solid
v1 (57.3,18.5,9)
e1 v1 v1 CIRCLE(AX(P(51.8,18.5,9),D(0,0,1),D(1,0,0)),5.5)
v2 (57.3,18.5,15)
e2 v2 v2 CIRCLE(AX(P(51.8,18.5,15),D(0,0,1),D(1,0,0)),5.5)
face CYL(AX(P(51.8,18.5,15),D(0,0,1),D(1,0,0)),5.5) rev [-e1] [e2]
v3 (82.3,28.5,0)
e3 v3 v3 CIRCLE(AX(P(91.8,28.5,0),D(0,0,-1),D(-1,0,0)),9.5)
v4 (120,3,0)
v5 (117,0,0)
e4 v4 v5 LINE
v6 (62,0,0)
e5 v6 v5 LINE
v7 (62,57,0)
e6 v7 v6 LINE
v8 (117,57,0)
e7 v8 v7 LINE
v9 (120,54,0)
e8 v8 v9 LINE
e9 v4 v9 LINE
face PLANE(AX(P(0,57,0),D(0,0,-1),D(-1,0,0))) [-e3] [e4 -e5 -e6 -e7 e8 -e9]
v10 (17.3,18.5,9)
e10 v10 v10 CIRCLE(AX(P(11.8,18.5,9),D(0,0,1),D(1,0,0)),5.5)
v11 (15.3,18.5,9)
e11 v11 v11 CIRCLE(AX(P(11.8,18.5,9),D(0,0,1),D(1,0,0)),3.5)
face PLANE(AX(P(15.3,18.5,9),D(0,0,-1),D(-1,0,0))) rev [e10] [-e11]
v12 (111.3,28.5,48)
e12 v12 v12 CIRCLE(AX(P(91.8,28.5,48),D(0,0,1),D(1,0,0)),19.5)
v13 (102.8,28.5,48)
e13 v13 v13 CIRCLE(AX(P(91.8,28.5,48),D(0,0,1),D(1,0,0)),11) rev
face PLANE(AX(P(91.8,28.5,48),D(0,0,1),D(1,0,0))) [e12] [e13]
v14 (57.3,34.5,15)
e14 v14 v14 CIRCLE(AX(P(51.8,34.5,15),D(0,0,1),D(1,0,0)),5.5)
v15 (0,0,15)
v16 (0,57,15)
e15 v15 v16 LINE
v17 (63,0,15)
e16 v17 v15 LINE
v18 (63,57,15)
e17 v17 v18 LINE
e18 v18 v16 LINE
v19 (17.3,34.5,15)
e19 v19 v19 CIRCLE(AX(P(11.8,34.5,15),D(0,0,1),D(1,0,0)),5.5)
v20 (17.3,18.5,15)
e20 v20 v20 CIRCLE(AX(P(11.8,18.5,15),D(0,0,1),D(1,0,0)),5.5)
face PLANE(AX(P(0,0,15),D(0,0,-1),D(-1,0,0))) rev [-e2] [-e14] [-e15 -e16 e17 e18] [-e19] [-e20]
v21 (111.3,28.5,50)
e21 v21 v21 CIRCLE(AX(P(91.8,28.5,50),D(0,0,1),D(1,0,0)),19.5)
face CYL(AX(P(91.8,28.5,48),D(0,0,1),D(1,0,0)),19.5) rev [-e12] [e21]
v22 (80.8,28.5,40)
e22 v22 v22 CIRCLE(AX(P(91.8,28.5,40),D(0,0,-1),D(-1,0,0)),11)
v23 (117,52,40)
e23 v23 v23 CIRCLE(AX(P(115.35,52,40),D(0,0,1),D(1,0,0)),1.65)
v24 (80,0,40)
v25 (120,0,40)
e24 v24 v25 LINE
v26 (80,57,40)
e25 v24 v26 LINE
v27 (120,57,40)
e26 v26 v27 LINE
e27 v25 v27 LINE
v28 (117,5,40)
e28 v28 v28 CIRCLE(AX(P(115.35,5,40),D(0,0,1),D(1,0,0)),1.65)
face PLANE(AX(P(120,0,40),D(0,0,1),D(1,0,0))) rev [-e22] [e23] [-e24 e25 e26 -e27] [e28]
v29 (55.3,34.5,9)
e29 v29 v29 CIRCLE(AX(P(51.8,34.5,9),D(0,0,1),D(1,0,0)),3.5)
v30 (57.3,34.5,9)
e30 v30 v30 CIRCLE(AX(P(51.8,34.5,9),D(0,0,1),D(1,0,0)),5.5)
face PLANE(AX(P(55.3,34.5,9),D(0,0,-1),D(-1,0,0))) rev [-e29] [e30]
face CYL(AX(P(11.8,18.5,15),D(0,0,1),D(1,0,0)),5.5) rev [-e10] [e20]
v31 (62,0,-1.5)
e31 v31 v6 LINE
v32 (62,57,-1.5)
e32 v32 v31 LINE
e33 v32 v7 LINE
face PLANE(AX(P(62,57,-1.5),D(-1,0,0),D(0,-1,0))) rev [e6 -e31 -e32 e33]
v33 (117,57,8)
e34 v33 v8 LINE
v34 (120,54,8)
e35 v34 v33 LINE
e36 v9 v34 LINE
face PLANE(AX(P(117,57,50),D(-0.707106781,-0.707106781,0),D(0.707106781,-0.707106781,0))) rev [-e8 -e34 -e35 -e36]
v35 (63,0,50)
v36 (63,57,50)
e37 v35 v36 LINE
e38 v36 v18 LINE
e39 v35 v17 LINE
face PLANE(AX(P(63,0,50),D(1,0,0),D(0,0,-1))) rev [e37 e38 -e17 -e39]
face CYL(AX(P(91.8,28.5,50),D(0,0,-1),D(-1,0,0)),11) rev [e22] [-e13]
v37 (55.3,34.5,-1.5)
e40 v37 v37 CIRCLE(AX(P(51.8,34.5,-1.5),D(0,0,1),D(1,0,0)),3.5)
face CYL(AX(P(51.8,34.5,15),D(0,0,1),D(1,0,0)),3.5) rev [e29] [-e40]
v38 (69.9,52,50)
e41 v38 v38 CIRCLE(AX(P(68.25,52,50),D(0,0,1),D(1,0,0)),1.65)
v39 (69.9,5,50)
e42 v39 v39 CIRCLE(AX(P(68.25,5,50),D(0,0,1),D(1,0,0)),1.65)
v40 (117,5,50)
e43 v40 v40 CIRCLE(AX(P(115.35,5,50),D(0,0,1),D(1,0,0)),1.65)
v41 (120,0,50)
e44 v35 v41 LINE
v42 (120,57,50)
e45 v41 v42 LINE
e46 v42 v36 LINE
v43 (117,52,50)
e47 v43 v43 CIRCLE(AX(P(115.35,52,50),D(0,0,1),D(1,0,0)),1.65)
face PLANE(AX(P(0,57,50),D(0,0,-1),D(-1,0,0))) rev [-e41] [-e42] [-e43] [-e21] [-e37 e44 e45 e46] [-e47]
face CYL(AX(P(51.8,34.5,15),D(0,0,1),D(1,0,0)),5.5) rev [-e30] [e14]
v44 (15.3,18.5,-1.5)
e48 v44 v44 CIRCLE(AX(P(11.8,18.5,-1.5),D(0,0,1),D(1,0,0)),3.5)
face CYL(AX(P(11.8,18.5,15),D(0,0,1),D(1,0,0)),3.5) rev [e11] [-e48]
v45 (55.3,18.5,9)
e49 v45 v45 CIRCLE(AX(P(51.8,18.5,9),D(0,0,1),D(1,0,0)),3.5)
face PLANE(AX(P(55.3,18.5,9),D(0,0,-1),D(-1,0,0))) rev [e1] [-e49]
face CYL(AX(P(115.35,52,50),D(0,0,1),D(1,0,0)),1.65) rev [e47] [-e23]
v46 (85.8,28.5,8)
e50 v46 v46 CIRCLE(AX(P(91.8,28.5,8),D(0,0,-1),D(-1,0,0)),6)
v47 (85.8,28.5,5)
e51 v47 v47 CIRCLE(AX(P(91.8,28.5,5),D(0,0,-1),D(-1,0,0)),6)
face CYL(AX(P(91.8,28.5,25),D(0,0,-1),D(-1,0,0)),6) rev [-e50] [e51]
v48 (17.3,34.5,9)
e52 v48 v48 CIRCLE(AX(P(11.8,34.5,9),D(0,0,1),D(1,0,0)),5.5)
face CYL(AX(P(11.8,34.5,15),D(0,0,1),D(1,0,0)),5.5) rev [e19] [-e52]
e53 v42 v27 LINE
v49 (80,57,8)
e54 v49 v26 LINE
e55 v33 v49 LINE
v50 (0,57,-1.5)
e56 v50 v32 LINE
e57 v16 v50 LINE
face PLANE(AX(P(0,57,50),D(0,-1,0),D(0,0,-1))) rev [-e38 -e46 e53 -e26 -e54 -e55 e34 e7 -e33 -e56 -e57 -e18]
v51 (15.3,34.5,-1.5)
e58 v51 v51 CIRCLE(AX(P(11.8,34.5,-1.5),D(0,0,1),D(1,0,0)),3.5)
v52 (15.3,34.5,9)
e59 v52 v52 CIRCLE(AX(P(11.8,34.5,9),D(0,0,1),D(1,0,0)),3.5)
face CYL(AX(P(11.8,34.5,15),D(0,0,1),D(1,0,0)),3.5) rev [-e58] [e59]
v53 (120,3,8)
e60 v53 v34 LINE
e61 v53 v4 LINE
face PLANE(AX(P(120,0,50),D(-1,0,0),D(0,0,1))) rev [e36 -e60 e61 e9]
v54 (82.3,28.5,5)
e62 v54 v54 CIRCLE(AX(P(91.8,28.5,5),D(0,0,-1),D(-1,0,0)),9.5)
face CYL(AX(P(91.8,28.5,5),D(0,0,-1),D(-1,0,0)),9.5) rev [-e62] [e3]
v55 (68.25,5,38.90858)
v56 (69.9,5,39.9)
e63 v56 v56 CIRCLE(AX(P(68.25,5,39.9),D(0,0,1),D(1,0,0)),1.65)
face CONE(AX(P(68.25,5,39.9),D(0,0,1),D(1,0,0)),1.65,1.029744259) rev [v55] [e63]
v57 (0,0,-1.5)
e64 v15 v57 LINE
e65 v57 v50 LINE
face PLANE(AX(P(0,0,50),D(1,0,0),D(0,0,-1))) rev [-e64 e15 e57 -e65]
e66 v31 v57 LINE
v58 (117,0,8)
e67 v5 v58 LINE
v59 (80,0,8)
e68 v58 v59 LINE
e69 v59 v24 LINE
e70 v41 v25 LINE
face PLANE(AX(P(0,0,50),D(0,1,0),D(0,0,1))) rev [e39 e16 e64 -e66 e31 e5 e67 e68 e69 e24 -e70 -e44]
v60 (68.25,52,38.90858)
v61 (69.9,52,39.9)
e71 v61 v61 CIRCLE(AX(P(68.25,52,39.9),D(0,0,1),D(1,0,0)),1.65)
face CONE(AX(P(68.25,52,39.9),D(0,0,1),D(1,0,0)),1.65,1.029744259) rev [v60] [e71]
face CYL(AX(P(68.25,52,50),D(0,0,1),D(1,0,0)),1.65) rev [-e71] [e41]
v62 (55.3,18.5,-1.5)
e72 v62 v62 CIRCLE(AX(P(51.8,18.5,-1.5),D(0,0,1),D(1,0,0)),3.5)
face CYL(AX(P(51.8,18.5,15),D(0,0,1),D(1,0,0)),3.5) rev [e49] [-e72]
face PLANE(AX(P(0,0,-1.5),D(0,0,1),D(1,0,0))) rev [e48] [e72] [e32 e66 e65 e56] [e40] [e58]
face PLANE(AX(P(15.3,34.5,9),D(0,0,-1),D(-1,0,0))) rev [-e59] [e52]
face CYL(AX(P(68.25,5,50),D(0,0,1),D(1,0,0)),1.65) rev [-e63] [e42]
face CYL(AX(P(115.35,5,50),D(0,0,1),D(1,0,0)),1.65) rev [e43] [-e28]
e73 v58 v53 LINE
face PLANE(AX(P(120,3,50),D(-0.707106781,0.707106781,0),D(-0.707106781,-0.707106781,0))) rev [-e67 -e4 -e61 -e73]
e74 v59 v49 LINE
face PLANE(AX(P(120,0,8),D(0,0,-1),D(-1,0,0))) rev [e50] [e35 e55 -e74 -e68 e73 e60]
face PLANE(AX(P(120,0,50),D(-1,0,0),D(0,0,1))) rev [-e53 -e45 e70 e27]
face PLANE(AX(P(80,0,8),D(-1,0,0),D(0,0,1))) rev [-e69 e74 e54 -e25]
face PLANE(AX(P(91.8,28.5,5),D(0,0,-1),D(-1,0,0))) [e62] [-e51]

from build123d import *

# Parameters (mm, degrees)
SKETCH_1_W                   = 120
SKETCH_1_H                   = 57
EXTRUDE_1_DEPTH              = 50
SKETCH_2_W                   = 40
SKETCH_2_H                   = 32
CUT_EXTRUDE_1_DEPTH          = 142.947173272
SKETCH_3_W                   = 63
SKETCH_3_H                   = 35
CUT_EXTRUDE_2_DEPTH          = 142.947173272
SKETCH_4_W                   = 62
SKETCH_4_H                   = 57
EXTRUDE_2_DEPTH              = 1.5
SKETCH_5_R                   = 9.5
CUT_EXTRUDE_3_DEPTH          = 5
SKETCH_6_R                   = 6
CUT_EXTRUDE_4_DEPTH          = 20
SKETCH_7_R                   = 11
CUT_EXTRUDE_5_DEPTH          = 140.180638021
CHAMFER_1_SIZE               = 3
SKETCH_8_R                   = 19.5
CUT_EXTRUDE_6_DEPTH          = 2
HOLE_WIZARD_M6_1_D           = 7
HOLE_WIZARD_M6_1_CBORE_D     = 11
HOLE_WIZARD_M6_1_CBORE_DEPTH = 6
HOLE_WIZARD_M4_1_D           = 3.3
HOLE_WIZARD_M4_1_DEPTH       = 10.1
HOLE_WIZARD_M4_1_TIP         = 0.991420021


with BuildPart() as part:
    # 草图1 → 凸台-拉伸1 (new body)
    with BuildSketch(Plane.XY):
        with Locations((60, 28.5)):
            Rectangle(SKETCH_1_W, SKETCH_1_H)
    extrude(amount=EXTRUDE_1_DEPTH)

    # 草图2 → 切除-拉伸1 (cut, through all)
    with BuildSketch(Plane(origin=(0, 57, 0), x_dir=(1, 0, 0), z_dir=(0, 1, 0))):
        with Locations((100, -24)):
            Rectangle(SKETCH_2_W, SKETCH_2_H)
    extrude(amount=-CUT_EXTRUDE_1_DEPTH, mode=Mode.SUBTRACT)

    # 草图3 → 切除-拉伸2 (cut, through all)
    with BuildSketch(Plane(origin=(0, 57, 0), x_dir=(-1, 0, 0), z_dir=(0, 1, 0))):
        with Locations((-31.5, 32.5)):
            Rectangle(SKETCH_3_W, SKETCH_3_H)
    extrude(amount=-CUT_EXTRUDE_2_DEPTH, mode=Mode.SUBTRACT)

    # 草图4 → 凸台-拉伸2 (add)
    with BuildSketch(Plane(origin=(0, 0, 0), x_dir=(-1, 0, 0), z_dir=(0, 0, -1))):
        with Locations((-31, 28.5)):
            Rectangle(SKETCH_4_W, SKETCH_4_H)
    extrude(amount=EXTRUDE_2_DEPTH)

    # 草图5 → 切除-拉伸3 (cut)
    with BuildSketch(Plane(origin=(0, 0, 0), x_dir=(-1, 0, 0), z_dir=(0, 0, -1))):
        with Locations((-91.8, 28.5)):
            Circle(SKETCH_5_R)
    extrude(amount=-CUT_EXTRUDE_3_DEPTH, mode=Mode.SUBTRACT)

    # 草图6 → 切除-拉伸4 (cut)
    with BuildSketch(Plane(origin=(0, 0, 5), x_dir=(-1, 0, 0), z_dir=(0, 0, -1))):
        with Locations((-91.8, 28.5)):
            Circle(SKETCH_6_R)
    extrude(amount=-CUT_EXTRUDE_4_DEPTH, mode=Mode.SUBTRACT)

    # 草图7 → 切除-拉伸5 (cut, through all)
    with BuildSketch(Plane(origin=(0, 0, 40), x_dir=(-1, 0, 0), z_dir=(0, 0, -1))):
        with Locations((-91.8, 28.5)):
            Circle(SKETCH_7_R)
    extrude(amount=-CUT_EXTRUDE_5_DEPTH, mode=Mode.SUBTRACT)

    # 倒角1
    chamfer_1_edges = [part.edges().sort_by_distance(p)[0] for p in [
        (120, 0, 4),
        (120, 57, 4),
    ]]
    chamfer(chamfer_1_edges, length=CHAMFER_1_SIZE)

    # 草图8 → 切除-拉伸6 (cut)
    with BuildSketch(Plane.XY.offset(50)):
        with Locations((91.8, 28.5)):
            Circle(SKETCH_8_R)
    extrude(amount=-CUT_EXTRUDE_6_DEPTH, mode=Mode.SUBTRACT)

    # M6 六角凹头螺钉的柱形沉头孔1 (through all)
    with Locations(Plane.XY.offset(15)):
        with Locations((11.8, 34.5), (11.8, 18.5), (51.8, 18.5), (51.8, 34.5)):
            CounterBoreHole(HOLE_WIZARD_M6_1_D / 2, HOLE_WIZARD_M6_1_CBORE_D / 2, HOLE_WIZARD_M6_1_CBORE_DEPTH)

    # M4 螺纹孔1
    with Locations(Plane.XY.offset(50)):
        with Locations((68.25, 52), (115.35, 5), (115.35, 52), (68.25, 5)):
            Hole(HOLE_WIZARD_M4_1_D / 2, depth=HOLE_WIZARD_M4_1_DEPTH)
            with Locations((0, 0, -(HOLE_WIZARD_M4_1_DEPTH + HOLE_WIZARD_M4_1_TIP / 2))):  # 118° drill point
                Cone(0, HOLE_WIZARD_M4_1_D / 2, HOLE_WIZARD_M4_1_TIP, mode=Mode.SUBTRACT)


solid = part.part
